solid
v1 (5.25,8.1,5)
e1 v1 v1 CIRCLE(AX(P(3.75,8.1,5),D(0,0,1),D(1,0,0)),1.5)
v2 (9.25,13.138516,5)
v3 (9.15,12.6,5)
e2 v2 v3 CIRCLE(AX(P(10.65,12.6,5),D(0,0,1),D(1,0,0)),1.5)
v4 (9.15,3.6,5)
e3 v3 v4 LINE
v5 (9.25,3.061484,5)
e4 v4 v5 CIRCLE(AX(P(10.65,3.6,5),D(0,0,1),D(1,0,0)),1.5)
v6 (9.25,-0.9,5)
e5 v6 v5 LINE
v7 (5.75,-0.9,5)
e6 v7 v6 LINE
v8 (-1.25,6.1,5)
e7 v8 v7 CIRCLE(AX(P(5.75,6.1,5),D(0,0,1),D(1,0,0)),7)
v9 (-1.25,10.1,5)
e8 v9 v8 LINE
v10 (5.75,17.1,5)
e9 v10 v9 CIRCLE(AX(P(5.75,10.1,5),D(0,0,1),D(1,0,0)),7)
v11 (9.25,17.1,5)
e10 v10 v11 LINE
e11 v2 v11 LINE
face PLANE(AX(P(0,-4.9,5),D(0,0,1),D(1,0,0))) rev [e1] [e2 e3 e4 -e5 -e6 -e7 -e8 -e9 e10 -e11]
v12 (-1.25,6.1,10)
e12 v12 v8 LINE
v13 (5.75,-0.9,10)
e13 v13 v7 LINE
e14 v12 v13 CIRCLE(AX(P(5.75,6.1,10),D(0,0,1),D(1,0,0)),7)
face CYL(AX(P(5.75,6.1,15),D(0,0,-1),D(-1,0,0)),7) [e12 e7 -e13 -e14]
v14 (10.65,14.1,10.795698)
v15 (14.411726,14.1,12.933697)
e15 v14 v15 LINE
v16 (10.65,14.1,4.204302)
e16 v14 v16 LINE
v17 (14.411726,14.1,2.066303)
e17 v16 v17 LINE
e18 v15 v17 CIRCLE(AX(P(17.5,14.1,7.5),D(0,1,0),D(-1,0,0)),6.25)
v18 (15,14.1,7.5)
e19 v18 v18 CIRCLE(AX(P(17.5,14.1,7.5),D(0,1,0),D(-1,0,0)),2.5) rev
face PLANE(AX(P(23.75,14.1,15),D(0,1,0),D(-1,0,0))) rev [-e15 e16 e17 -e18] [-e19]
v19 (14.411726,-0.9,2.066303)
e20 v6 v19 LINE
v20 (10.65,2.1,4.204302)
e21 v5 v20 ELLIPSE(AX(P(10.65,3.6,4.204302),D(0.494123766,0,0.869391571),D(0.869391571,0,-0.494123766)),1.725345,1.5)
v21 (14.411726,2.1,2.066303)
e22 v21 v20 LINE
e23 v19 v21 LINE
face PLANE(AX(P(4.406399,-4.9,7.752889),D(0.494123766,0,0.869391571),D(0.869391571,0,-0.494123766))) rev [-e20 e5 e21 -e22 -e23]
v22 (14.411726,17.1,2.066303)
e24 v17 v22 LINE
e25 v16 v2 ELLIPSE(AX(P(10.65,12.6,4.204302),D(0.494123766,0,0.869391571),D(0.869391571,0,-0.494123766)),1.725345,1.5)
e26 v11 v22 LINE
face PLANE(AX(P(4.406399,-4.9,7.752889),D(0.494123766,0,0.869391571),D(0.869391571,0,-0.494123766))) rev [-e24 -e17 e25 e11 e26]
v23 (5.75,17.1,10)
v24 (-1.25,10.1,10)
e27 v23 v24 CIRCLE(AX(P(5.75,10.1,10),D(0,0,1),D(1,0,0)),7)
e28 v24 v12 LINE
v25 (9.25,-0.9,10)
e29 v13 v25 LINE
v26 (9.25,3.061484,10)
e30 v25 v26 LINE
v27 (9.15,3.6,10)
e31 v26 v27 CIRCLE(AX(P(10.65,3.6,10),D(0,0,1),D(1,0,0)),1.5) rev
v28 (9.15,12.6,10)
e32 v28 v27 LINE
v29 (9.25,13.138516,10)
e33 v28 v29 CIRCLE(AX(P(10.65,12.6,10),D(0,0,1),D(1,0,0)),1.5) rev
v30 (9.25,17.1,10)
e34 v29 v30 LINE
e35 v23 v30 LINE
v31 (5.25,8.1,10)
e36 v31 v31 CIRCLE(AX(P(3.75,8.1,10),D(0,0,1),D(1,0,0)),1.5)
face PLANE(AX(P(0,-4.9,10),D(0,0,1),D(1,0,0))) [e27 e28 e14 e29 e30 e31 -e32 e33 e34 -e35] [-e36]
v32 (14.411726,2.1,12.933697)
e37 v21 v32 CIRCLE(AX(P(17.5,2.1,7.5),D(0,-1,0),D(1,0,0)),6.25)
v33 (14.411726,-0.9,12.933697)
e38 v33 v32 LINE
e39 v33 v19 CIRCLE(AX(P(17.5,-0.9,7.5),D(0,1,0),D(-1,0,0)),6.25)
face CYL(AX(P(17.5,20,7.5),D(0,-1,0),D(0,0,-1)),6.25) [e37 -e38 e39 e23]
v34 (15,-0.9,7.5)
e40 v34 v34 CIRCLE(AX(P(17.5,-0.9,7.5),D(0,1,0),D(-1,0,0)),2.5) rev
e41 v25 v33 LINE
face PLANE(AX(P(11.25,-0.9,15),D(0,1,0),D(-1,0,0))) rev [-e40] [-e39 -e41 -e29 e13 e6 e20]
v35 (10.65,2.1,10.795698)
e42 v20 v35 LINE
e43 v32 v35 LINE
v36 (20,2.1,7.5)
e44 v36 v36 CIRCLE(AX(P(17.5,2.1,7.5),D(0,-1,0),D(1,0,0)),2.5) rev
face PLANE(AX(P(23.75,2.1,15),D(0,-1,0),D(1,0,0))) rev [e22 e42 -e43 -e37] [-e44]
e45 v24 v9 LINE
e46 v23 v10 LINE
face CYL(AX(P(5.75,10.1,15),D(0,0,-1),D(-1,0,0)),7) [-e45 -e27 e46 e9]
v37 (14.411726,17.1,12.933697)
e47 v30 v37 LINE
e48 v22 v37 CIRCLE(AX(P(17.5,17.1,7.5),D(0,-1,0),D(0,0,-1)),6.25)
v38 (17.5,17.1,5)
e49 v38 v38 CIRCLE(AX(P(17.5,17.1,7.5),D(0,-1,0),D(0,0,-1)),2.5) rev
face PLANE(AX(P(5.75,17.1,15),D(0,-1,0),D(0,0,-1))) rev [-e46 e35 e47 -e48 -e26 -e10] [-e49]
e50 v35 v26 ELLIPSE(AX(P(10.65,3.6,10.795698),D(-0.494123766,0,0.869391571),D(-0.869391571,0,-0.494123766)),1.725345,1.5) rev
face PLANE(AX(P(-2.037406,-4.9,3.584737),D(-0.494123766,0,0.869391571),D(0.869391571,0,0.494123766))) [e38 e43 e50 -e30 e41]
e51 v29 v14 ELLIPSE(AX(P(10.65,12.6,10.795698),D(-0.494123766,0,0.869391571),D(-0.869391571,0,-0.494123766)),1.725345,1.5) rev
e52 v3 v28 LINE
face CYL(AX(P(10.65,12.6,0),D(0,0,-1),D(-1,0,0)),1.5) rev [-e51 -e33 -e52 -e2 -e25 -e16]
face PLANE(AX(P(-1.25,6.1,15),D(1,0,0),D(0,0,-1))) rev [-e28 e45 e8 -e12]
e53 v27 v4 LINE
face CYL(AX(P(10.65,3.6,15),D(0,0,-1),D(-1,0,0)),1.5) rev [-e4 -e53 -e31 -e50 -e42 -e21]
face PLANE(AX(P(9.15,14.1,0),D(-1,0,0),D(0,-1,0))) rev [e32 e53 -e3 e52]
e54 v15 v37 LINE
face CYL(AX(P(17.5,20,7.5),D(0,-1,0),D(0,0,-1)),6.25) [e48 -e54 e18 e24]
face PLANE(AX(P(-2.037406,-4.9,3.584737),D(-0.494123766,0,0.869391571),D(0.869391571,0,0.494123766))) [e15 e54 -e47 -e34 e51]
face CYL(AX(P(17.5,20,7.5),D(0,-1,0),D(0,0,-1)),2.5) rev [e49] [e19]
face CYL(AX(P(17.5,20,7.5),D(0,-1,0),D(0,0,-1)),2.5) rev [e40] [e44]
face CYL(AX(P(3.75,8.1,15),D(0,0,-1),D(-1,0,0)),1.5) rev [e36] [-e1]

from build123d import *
from build123d.topology import SkipClean

# Parameters (mm, degrees)
CROQUIS1_R              = 1.5
SALIENTE_EXTRUIR1_DEPTH = 15
CROQUIS2_R              = 2.5
CORTAR_EXTRUIR1_DEPTH   = 20
CORTAR_EXTRUIR2_DEPTH   = 22
CROQUIS4_W              = 3.68086323
CROQUIS4_H              = 12
CORTAR_EXTRUIR3_DEPTH   = 10
REDONDEO1_R             = 1.5


with BuildPart() as part:
    # Croquis1 → Saliente-Extruir1 (new body)
    with BuildSketch(Plane.XY):
        with BuildLine():
            Line((11.25, 14.1), (11.25, 11.1))
            Line((11.25, 11.1), (11.25, 5.1))
            Line((11.25, 5.1), (11.25, 2.1))
            Line((11.25, 2.1), (23.75, 2.1))
            Line((23.75, 2.1), (23.75, -0.9))
            Line((23.75, -0.9), (11.25, -0.9))
            Line((11.25, -0.9), (5.75, -0.9))
            ThreePointArc((5.75, -0.9), (0.800252532, 1.150252532), (-1.25, 6.1))
            Line((-1.25, 6.1), (-1.25, 10.1))
            ThreePointArc((-1.25, 10.1), (0.800252532, 15.049747468), (5.75, 17.1))
            Line((5.75, 17.1), (11.25, 17.1))
            Line((11.25, 17.1), (23.75, 17.1))
            Line((23.75, 17.1), (23.75, 14.1))
            Line((23.75, 14.1), (11.25, 14.1))
        make_face()
        with Locations((3.75, 8.1)):
            Circle(CROQUIS1_R, mode=Mode.SUBTRACT)
    extrude(amount=SALIENTE_EXTRUIR1_DEPTH)

    # Croquis2 → Cortar-Extruir1 (cut, symmetric)
    with BuildSketch(Plane(origin=(0, 0, 0), x_dir=(1, 0, 0), z_dir=(0, 1, 0))):
        with Locations(Location((17.5, -7.5, 0), (0, 0, 90))):
            Circle(CROQUIS2_R)
        with BuildLine():
            Line((17.5, -1.25), (11.25, 0))
            Line((11.25, 0), (11.126279301, 1.868603497))
            Line((11.126279301, 1.868603497), (29.663453957, 1.868603497))
            Line((29.663453957, 1.868603497), (29.663453957, -17.961269996))
            Line((29.663453957, -17.961269996), (11.25, -17.961269996))
            Line((11.25, -17.961269996), (11.25, -15))
            Line((11.25, -15), (17.5, -13.75))
            ThreePointArc((17.5, -13.75), (23.75, -7.5), (17.5, -1.25))
        make_face()
    extrude(amount=CORTAR_EXTRUIR1_DEPTH, both=True, mode=Mode.SUBTRACT)

    # Croquis3 → Cortar-Extruir2 (cut)
    with SkipClean():  # the faces are left unmerged after this step: merging them gives an invalid solid
        with BuildSketch(Plane(origin=(0, 17.1, 0), x_dir=(1, 0, 0), z_dir=(0, 1, 0))):
            Polygon((5.75, -10), (-2.050741432, -10), (-2.325121179, -18.2596058), (20.840368904, -18.2596058), (17.5, -13.75), (11.25, -15), (5.75, -15), align=None)
            with BuildLine():
                Line((9.25, -10), (5.75, -10))
                Line((5.75, -10), (5.75, -15))
                Line((5.75, -15), (11.25, -15))
                Line((11.25, -15), (17.5, -13.75))
                ThreePointArc((17.5, -13.75), (15.902831918, -13.542479137), (14.41172646, -12.933697318))
                Line((14.41172646, -12.933697318), (9.25, -10))
            make_face()
            with BuildLine():
                Line((5.75, 0), (5.75, -5))
                Line((5.75, -5), (9.25, -5))
                Line((9.25, -5), (14.41172646, -2.066302682))
                ThreePointArc((14.41172646, -2.066302682), (15.902831918, -1.457520863), (17.5, -1.25))
                Line((17.5, -1.25), (11.25, 0))
                Line((11.25, 0), (5.75, 0))
            make_face()
            Polygon((-2.050741432, -5), (5.75, -5), (5.75, 0), (11.25, 0), (17.5, -1.25), (17.5, 1.613327317), (-2.050741432, 1.613327317), align=None)
        extrude(amount=-CORTAR_EXTRUIR2_DEPTH, mode=Mode.SUBTRACT)

    # Croquis4 → Cortar-Extruir3 (cut, symmetric)
    with SkipClean():  # the faces are left unmerged after this step: merging them gives an invalid solid
        with BuildSketch(Plane.XY.offset(10)):
            with Locations((10.990431615, 8.1)):
                Rectangle(CROQUIS4_W, CROQUIS4_H)
        extrude(amount=CORTAR_EXTRUIR3_DEPTH, both=True, mode=Mode.SUBTRACT)

    # Redondeo1
    redondeo1_edges = [part.edges().sort_by_distance(p)[0] for p in [
        (9.15, 2.1, 7.5),
        (9.15, 14.1, 7.5),
    ]]
    fillet(redondeo1_edges, radius=REDONDEO1_R)


solid = part.part
